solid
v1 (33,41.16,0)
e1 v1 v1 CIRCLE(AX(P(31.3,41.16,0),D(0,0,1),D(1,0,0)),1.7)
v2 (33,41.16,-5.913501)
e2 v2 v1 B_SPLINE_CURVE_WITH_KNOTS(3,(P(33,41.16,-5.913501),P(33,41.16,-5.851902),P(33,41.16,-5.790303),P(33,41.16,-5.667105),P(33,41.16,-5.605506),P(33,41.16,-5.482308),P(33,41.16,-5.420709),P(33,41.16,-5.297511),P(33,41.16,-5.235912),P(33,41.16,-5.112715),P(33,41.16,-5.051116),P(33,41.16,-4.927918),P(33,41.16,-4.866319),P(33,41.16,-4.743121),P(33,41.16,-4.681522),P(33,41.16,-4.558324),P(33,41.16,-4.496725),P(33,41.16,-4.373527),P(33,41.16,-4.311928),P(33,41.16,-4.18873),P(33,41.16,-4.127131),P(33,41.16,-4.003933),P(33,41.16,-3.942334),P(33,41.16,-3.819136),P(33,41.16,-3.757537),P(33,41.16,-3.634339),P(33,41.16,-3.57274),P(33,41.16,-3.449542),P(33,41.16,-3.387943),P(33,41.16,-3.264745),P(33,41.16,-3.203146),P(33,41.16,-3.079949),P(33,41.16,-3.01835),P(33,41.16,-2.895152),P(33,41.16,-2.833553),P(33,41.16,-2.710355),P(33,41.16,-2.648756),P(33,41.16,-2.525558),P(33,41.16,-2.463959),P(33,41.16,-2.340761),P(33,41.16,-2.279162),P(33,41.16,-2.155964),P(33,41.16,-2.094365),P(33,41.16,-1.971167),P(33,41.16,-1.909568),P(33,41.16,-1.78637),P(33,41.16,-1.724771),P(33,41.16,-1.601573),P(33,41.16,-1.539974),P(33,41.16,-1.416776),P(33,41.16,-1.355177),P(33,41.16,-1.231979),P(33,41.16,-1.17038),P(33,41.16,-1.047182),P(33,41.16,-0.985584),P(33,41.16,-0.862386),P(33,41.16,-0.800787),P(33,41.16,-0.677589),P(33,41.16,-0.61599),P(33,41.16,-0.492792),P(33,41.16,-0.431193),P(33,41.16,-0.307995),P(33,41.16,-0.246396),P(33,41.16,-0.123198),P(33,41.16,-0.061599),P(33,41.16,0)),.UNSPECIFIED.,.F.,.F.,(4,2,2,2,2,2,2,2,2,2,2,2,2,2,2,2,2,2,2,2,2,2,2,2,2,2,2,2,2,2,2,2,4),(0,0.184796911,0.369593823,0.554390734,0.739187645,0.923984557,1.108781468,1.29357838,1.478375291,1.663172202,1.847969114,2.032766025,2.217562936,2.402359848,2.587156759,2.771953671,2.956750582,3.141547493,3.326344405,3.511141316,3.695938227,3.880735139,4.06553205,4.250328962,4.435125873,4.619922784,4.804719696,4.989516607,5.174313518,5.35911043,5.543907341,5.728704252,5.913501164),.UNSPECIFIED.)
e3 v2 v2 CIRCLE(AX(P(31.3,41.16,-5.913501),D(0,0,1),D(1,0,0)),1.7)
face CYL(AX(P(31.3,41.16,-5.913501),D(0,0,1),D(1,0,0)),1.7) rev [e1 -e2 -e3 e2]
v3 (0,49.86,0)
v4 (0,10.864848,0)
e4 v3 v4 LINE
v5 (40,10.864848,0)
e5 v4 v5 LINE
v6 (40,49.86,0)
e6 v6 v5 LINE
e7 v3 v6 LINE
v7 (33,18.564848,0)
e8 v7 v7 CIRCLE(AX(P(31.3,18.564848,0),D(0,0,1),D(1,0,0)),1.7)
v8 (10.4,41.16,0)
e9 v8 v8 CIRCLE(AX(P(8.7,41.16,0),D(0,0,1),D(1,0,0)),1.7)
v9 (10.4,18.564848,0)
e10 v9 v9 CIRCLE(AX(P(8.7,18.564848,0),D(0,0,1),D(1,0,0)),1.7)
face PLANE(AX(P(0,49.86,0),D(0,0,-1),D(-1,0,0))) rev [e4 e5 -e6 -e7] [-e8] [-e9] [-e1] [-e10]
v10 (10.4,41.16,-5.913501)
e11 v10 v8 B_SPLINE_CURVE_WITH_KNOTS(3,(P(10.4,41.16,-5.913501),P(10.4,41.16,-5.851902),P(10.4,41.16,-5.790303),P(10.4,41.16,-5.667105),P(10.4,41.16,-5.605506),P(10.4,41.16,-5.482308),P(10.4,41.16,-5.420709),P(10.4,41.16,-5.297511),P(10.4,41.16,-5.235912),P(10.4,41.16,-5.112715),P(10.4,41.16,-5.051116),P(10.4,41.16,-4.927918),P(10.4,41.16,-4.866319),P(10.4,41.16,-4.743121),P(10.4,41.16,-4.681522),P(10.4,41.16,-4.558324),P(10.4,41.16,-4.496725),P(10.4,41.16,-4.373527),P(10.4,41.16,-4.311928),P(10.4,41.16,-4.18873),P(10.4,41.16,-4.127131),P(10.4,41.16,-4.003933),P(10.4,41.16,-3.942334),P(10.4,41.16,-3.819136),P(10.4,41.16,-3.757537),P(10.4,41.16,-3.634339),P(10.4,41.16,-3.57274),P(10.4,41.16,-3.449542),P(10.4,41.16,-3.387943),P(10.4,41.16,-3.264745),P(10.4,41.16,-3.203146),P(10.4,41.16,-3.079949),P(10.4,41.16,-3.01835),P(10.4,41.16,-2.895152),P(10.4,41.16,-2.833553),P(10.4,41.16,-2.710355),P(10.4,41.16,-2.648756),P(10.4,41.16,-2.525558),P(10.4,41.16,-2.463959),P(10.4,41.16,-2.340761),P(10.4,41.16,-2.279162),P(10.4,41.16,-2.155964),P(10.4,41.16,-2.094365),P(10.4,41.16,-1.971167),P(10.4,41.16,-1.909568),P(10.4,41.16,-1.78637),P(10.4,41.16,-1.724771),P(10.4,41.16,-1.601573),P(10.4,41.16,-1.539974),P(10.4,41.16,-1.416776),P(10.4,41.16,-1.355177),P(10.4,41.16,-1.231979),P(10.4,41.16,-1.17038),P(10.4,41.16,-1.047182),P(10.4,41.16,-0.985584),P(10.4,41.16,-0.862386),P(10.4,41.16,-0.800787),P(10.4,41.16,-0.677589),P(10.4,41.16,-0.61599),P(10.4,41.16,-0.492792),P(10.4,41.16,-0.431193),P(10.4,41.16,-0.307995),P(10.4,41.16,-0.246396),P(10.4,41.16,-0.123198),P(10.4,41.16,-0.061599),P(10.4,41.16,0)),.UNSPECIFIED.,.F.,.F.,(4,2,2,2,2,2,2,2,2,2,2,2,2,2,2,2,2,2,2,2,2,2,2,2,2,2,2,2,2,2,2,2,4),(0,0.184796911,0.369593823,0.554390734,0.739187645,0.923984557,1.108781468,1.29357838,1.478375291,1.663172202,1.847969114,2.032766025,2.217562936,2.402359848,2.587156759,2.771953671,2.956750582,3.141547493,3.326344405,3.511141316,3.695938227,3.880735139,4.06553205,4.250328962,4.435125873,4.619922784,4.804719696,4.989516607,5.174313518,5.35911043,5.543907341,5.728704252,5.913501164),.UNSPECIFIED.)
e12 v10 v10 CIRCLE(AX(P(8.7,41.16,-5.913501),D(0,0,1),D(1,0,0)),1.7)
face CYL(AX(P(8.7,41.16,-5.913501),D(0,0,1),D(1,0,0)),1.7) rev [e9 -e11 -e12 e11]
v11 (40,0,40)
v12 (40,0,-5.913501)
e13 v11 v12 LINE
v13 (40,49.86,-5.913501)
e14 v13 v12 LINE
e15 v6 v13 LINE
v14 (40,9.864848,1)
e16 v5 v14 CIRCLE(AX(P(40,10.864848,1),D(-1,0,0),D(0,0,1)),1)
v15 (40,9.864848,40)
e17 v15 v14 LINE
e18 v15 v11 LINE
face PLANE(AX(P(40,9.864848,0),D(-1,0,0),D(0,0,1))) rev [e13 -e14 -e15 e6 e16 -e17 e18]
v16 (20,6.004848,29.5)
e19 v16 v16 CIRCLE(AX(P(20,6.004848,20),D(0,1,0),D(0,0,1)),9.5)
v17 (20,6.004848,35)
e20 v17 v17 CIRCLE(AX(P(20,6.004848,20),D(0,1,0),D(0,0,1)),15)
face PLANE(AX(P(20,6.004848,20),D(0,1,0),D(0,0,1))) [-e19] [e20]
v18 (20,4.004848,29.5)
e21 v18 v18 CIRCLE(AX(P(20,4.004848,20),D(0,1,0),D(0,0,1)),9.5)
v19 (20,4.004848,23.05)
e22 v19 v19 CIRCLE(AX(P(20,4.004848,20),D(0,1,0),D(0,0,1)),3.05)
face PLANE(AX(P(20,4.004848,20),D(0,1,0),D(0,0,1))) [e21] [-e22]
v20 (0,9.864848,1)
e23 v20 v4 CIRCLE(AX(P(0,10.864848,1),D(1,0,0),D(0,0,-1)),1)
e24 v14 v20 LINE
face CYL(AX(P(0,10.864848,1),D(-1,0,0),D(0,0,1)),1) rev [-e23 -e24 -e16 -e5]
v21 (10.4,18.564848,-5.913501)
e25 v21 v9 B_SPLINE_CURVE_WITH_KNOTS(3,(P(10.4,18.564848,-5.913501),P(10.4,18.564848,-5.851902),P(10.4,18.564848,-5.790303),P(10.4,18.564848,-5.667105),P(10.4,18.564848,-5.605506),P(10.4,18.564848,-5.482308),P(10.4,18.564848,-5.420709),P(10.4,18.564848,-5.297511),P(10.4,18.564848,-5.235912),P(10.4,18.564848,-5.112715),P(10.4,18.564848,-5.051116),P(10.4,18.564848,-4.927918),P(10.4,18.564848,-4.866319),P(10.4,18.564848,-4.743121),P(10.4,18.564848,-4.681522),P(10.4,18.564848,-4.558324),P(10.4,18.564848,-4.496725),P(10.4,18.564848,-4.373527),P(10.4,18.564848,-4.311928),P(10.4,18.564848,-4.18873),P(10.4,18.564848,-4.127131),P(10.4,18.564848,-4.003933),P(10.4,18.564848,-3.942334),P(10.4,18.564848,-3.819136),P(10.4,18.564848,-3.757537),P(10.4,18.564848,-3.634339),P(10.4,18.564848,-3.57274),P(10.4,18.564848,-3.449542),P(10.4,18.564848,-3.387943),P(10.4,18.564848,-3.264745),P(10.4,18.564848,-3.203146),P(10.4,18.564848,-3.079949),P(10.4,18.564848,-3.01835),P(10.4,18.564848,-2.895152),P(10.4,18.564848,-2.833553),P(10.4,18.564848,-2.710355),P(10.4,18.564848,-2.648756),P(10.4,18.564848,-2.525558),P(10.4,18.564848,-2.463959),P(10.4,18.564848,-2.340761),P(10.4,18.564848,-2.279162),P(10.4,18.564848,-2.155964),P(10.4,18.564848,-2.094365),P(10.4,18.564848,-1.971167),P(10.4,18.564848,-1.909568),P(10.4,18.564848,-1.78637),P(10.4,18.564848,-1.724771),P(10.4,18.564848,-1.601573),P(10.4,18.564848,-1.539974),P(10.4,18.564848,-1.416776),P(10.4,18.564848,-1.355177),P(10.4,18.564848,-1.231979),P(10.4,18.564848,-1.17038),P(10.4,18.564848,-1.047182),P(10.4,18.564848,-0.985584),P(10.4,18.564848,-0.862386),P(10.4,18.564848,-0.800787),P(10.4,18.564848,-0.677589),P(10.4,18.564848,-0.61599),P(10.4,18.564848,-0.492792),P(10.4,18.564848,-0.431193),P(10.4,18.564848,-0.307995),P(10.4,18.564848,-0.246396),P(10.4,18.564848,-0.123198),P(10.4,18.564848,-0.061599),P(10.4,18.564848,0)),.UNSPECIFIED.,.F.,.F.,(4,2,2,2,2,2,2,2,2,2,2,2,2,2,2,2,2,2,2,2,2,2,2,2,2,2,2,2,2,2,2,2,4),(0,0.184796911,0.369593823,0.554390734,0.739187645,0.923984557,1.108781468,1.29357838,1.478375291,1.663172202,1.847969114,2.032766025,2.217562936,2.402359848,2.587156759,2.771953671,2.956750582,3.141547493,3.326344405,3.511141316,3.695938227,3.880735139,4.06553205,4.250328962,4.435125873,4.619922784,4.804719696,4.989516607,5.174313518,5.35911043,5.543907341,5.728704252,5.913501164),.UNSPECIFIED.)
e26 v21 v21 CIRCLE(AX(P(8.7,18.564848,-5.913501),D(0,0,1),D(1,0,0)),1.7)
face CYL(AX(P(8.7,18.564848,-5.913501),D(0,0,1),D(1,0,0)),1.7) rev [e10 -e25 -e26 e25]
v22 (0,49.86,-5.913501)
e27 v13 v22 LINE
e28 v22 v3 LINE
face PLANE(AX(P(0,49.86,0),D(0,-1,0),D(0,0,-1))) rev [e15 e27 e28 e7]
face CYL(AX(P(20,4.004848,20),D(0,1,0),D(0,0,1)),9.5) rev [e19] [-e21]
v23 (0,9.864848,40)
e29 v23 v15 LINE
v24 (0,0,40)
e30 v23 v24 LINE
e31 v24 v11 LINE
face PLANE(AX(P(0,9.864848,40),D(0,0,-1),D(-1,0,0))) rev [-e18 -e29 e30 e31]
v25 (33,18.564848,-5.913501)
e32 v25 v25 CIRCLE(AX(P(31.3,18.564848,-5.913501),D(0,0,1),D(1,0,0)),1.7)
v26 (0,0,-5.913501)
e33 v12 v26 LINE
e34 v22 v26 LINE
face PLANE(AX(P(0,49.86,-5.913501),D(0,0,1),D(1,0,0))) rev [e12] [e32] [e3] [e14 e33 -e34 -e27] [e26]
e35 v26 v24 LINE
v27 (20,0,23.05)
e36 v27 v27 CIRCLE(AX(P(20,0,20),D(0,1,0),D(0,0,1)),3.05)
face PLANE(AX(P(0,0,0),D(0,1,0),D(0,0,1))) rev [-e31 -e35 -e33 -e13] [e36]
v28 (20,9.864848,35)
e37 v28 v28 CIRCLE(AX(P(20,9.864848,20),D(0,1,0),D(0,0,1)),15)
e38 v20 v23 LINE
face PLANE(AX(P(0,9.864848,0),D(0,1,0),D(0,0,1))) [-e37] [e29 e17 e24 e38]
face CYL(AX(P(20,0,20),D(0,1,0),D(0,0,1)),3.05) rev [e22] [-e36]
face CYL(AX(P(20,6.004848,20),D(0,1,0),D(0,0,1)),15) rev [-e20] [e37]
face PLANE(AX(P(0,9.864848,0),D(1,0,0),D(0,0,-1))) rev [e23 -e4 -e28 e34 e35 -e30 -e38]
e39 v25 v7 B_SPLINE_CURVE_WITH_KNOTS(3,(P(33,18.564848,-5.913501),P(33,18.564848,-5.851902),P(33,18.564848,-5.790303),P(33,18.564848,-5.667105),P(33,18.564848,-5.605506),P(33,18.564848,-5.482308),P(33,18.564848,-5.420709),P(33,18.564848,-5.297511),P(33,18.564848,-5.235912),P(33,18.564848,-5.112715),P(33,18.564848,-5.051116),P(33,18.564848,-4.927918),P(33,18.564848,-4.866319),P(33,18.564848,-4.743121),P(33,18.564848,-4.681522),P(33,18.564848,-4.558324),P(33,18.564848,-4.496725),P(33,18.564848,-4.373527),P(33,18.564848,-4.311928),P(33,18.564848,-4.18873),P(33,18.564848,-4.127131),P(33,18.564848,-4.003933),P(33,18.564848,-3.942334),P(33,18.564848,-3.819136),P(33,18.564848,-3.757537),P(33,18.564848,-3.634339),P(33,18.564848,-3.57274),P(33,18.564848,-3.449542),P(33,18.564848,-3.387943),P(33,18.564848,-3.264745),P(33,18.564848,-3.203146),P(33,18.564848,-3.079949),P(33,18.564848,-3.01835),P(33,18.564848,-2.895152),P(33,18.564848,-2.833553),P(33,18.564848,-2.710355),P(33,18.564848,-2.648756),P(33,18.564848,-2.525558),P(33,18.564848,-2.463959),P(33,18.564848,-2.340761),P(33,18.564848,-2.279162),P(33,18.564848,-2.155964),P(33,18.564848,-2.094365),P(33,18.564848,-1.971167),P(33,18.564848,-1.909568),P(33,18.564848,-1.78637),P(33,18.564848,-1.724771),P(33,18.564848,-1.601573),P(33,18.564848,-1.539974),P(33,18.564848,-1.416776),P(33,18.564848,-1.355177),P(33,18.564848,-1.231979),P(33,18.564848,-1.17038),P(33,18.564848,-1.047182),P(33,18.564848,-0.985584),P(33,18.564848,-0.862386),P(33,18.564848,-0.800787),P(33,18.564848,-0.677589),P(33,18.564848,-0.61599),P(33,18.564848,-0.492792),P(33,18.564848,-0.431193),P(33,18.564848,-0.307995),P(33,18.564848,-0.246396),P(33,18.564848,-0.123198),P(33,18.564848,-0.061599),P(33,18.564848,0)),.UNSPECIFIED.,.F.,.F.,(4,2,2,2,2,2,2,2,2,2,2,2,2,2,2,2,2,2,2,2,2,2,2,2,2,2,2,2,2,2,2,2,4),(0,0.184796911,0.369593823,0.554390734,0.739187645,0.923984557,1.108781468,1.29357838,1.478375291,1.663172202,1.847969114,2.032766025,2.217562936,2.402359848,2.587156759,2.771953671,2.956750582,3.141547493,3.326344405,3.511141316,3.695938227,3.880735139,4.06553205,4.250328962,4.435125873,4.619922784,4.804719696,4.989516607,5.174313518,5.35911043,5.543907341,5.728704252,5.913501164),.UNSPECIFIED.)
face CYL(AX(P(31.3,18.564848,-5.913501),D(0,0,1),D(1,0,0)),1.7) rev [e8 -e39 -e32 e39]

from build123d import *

# Parameters (mm, degrees)
SKETCH1_W           = 40
SKETCH1_H           = 40
BOSS_EXTRUDE1_DEPTH = 9.864848297
SKETCH2_R           = 15
CUT_EXTRUDE1_DEPTH  = 3.86
SKETCH3_R           = 9.5
CUT_EXTRUDE2_DEPTH  = 2
SKETCH4_R           = 3.05
CUT_EXTRUDE3_DEPTH  = 57.871254602
SKETCH5_W           = 40
SKETCH5_H           = 5.913501164
BOSS_EXTRUDE3_DEPTH = 49.86
SKETCH7_R           = 1.7
CUT_EXTRUDE4_DEPTH  = 76.40570005
FILLET2_R           = 1


with BuildPart() as part:
    # Sketch1 → Boss-Extrude1 (new body)
    with BuildSketch(Plane(origin=(0, 0, 0), x_dir=(1, 0, 0), z_dir=(0, 1, 0))):
        with Locations((20, -20)):
            Rectangle(SKETCH1_W, SKETCH1_H)
    extrude(amount=BOSS_EXTRUDE1_DEPTH)

    # Sketch2 → Cut-Extrude1 (cut)
    with BuildSketch(Plane(origin=(0, 9.864848297, 0), x_dir=(1, 0, 0), z_dir=(0, 1, 0))):
        with Locations(Location((20, -20, 0), (0, 0, 270))):
            Circle(SKETCH2_R)
    extrude(amount=-CUT_EXTRUDE1_DEPTH, mode=Mode.SUBTRACT)

    # Sketch3 → Cut-Extrude2 (cut)
    with BuildSketch(Plane(origin=(0, 6.004848297, 0), x_dir=(1, 0, 0), z_dir=(0, 1, 0))):
        with Locations(Location((20, -20, 0), (0, 0, 270))):
            Circle(SKETCH3_R)
    extrude(amount=-CUT_EXTRUDE2_DEPTH, mode=Mode.SUBTRACT)

    # Sketch4 → Cut-Extrude3 (cut, through all)
    with BuildSketch(Plane(origin=(0, 4.004848297, 0), x_dir=(1, 0, 0), z_dir=(0, 1, 0))):
        with Locations(Location((20, -20, 0), (0, 0, 270))):
            Circle(SKETCH4_R)
    extrude(amount=-CUT_EXTRUDE3_DEPTH, mode=Mode.SUBTRACT)

    # Sketch5 → Boss-Extrude3 (add)
    with BuildSketch(Plane(origin=(0, 0, 0), x_dir=(1, 0, 0), z_dir=(0, 1, 0))):
        with Locations((20, 2.956750582)):
            Rectangle(SKETCH5_W, SKETCH5_H)
    extrude(amount=BOSS_EXTRUDE3_DEPTH)

    # Sketch7 → Cut-Extrude4 (cut, through all)
    with BuildSketch(Plane.XY):
        with Locations((8.7, 18.564848297)):
            Circle(SKETCH7_R)
        with Locations((31.3, 18.564848297)):
            Circle(SKETCH7_R)
        with Locations((31.3, 41.16)):
            Circle(SKETCH7_R)
        with Locations((8.7, 41.16)):
            Circle(SKETCH7_R)
    extrude(amount=-CUT_EXTRUDE4_DEPTH, mode=Mode.SUBTRACT)

    # Fillet2
    fillet2_edges = [part.edges().sort_by_distance(p)[0] for p in [
        (20, 9.864848297, 0),
    ]]
    fillet(fillet2_edges, radius=FILLET2_R)


solid = part.part
